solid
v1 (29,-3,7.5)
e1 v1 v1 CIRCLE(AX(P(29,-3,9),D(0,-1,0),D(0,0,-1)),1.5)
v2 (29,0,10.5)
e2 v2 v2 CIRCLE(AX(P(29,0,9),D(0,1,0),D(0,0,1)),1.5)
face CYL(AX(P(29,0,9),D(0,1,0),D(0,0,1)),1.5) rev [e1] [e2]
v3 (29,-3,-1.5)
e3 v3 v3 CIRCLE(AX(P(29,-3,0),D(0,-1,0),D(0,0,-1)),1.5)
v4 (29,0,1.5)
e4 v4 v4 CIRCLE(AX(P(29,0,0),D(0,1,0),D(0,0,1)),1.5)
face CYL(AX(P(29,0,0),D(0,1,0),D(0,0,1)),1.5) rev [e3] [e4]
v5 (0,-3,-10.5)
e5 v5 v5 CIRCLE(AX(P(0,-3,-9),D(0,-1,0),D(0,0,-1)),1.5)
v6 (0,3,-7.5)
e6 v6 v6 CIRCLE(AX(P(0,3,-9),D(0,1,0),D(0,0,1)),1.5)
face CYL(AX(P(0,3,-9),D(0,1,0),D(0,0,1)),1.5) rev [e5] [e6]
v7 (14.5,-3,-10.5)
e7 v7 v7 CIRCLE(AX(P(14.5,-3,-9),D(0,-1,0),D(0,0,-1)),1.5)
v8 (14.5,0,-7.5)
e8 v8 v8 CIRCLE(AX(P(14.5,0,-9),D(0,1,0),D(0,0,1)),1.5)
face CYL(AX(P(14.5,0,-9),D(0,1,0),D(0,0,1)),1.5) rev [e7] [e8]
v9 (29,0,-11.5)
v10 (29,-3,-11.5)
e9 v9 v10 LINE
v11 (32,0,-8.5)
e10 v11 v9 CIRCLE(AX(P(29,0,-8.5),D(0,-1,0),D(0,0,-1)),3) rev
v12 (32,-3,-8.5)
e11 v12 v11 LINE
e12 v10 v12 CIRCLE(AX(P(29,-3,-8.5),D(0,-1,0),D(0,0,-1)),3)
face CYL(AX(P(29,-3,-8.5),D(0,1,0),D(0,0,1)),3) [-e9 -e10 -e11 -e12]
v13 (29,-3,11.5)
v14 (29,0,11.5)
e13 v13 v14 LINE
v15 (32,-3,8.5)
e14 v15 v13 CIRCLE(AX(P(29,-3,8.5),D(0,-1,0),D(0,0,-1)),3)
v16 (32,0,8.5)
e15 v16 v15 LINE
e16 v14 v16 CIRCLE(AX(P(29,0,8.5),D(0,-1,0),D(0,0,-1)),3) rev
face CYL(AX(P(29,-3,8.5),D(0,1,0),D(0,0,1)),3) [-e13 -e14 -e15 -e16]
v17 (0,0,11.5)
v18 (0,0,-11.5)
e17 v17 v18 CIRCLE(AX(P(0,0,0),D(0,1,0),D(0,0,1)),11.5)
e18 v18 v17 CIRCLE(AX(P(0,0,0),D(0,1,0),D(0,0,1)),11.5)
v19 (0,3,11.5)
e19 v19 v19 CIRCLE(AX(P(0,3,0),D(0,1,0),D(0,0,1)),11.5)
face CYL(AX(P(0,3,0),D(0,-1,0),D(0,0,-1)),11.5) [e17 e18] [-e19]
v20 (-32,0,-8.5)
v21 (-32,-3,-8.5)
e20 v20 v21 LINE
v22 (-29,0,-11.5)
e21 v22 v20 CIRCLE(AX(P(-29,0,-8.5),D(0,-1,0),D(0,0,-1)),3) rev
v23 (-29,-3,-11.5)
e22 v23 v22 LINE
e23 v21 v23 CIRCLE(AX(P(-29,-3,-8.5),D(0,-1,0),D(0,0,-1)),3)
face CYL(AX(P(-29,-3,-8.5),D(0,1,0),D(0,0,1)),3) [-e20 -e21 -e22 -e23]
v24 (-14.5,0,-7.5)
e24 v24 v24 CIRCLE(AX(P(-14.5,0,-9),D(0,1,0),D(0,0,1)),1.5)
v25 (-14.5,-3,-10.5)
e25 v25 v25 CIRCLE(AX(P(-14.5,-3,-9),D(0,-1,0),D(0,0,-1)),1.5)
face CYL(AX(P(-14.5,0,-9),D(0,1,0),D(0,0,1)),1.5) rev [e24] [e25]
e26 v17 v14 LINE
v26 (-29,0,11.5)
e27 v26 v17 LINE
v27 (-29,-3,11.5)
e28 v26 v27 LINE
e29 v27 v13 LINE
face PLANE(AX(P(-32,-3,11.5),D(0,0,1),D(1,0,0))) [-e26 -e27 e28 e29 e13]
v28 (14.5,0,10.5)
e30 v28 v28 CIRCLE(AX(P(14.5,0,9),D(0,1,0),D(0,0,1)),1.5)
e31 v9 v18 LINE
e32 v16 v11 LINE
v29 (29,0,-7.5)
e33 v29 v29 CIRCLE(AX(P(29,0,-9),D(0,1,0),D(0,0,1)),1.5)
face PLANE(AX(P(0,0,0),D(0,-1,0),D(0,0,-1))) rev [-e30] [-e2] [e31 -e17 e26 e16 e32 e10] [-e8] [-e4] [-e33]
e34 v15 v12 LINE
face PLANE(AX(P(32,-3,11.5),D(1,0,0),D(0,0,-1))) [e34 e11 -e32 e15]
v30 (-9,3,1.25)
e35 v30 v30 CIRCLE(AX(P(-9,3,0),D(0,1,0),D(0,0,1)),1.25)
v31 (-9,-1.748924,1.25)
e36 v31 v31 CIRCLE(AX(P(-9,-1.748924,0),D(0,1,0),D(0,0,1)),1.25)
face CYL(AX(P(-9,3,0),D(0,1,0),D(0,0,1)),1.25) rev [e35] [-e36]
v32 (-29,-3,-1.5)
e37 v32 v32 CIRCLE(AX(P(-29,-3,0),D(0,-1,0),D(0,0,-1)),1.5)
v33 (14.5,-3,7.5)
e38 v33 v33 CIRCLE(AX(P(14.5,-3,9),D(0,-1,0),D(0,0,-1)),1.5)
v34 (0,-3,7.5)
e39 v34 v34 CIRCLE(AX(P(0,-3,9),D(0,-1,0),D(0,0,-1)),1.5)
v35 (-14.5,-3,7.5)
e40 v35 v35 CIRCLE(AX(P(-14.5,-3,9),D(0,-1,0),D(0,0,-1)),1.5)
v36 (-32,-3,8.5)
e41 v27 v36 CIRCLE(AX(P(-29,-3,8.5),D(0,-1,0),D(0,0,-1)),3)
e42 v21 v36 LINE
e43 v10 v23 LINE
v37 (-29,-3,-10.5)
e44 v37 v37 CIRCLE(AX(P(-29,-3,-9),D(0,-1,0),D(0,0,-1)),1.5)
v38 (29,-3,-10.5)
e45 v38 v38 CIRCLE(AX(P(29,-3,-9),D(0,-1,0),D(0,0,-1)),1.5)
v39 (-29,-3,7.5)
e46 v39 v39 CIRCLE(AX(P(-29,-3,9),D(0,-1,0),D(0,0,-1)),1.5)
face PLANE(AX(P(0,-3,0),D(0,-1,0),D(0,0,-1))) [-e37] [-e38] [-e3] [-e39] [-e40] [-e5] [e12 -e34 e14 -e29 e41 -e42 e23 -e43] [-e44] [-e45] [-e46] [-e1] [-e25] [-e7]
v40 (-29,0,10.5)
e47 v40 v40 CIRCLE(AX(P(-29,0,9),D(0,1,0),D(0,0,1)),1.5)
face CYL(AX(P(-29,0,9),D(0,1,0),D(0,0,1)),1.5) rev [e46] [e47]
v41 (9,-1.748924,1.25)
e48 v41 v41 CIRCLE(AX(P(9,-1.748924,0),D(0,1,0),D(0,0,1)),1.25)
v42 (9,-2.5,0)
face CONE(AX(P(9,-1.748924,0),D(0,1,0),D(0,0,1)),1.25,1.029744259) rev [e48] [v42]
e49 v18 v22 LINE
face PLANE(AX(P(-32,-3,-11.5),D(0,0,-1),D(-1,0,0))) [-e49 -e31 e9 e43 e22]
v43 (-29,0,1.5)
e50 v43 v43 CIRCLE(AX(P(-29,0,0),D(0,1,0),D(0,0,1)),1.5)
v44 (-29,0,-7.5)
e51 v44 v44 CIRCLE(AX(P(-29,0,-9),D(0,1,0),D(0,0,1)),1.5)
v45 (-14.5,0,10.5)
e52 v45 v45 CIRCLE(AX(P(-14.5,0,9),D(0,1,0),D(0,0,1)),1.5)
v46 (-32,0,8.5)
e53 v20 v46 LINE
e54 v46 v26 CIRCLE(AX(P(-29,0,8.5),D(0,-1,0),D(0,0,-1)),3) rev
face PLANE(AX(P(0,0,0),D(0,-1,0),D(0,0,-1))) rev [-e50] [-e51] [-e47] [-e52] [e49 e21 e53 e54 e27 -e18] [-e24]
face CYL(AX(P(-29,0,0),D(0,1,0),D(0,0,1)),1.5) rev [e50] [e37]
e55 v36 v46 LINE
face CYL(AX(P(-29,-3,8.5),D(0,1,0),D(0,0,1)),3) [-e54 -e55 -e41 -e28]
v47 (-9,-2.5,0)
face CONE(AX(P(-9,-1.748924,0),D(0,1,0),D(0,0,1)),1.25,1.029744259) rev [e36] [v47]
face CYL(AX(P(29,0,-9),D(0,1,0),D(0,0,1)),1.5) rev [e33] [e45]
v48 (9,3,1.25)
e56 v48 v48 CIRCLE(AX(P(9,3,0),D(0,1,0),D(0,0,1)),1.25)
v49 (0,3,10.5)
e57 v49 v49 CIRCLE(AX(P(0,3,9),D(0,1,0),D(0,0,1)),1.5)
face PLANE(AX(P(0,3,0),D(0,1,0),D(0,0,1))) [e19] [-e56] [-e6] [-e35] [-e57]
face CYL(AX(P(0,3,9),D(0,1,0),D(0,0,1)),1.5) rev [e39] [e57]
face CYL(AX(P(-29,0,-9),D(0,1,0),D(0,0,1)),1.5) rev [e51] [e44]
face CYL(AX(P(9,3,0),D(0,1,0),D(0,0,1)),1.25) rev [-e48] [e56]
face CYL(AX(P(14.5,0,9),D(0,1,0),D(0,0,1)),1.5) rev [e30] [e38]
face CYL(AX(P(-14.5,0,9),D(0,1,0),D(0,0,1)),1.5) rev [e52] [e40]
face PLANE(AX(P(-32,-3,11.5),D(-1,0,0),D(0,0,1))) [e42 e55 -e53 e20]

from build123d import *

# Parameters (mm, degrees)
SKETCH1_W                 = 64
SKETCH1_H                 = 23
BOSS_EXTRUDE1_DEPTH       = 3
F_3_0_3_DIAMETER_HOLE1_D  = 3
FILLET1_R                 = 3
SKETCH5_R                 = 11.5
BOSS_EXTRUDE2_DEPTH       = 3
F_3_0_3_DIAMETER_HOLE2_D  = 3
M3X0_5_TAPPED_HOLE1_D     = 2.5
M3X0_5_TAPPED_HOLE1_DEPTH = 4.748924226
M3X0_5_TAPPED_HOLE1_TIP   = 0.751075774


with BuildPart() as part:
    # Sketch1 → Boss-Extrude1 (new body)
    with BuildSketch(Plane(origin=(0, 0, 0), x_dir=(1, 0, 0), z_dir=(0, 1, 0))):
        Rectangle(SKETCH1_W, SKETCH1_H)
    extrude(amount=-BOSS_EXTRUDE1_DEPTH)

    # Ø3.0 (3) Diameter Hole1 (through all)
    with Locations(Plane(origin=(0, 0, 0), x_dir=(1, 0, 0), z_dir=(0, 1, 0))):
        with Locations((-29, 0), (-29, 9), (-14.5, 9), (-14.5, -9), (-29, -9)):
            f_3_0_3_diameter_hole1 = Hole(F_3_0_3_DIAMETER_HOLE1_D / 2)

    # Mirror1: Ø3.0 (3) Diameter Hole1 across plane
    add(f_3_0_3_diameter_hole1.mirror(Plane(origin=(0, 0, 0), x_dir=(0, 0, 1), z_dir=(1, 0, 0))), mode=Mode.SUBTRACT)

    # Fillet1
    fillet1_edges = [part.edges().sort_by_distance(p)[0] for p in [
        (32, -1.5, 11.5),
        (-32, -1.5, 11.5),
        (-32, -1.5, -11.5),
        (32, -1.5, -11.5),
    ]]
    fillet(fillet1_edges, radius=FILLET1_R)

    # Sketch5 → Boss-Extrude2 (add)
    with BuildSketch(Plane(origin=(0, 0, 0), x_dir=(1, 0, 0), z_dir=(0, 1, 0))):
        with Locations(Location((0, 0, 0), (0, 0, 270))):
            Circle(SKETCH5_R)
    extrude(amount=BOSS_EXTRUDE2_DEPTH)

    # Ø3.0 (3) Diameter Hole2 (through all)
    with Locations(Plane(origin=(0, 3, 0), x_dir=(1, 0, 0), z_dir=(0, 1, 0))):
        with Locations((0, 9), (0, -9)):
            Hole(F_3_0_3_DIAMETER_HOLE2_D / 2)

    # M3x0.5 Tapped Hole1
    with Locations(Plane(origin=(0, 3, 0), x_dir=(1, 0, 0), z_dir=(0, 1, 0))):
        with Locations((-9, 0), (9, 0)):
            Hole(M3X0_5_TAPPED_HOLE1_D / 2, depth=M3X0_5_TAPPED_HOLE1_DEPTH)
            with Locations((0, 0, -(M3X0_5_TAPPED_HOLE1_DEPTH + M3X0_5_TAPPED_HOLE1_TIP / 2))):  # 118° drill point
                Cone(0, M3X0_5_TAPPED_HOLE1_D / 2, M3X0_5_TAPPED_HOLE1_TIP, mode=Mode.SUBTRACT)


solid = part.part
